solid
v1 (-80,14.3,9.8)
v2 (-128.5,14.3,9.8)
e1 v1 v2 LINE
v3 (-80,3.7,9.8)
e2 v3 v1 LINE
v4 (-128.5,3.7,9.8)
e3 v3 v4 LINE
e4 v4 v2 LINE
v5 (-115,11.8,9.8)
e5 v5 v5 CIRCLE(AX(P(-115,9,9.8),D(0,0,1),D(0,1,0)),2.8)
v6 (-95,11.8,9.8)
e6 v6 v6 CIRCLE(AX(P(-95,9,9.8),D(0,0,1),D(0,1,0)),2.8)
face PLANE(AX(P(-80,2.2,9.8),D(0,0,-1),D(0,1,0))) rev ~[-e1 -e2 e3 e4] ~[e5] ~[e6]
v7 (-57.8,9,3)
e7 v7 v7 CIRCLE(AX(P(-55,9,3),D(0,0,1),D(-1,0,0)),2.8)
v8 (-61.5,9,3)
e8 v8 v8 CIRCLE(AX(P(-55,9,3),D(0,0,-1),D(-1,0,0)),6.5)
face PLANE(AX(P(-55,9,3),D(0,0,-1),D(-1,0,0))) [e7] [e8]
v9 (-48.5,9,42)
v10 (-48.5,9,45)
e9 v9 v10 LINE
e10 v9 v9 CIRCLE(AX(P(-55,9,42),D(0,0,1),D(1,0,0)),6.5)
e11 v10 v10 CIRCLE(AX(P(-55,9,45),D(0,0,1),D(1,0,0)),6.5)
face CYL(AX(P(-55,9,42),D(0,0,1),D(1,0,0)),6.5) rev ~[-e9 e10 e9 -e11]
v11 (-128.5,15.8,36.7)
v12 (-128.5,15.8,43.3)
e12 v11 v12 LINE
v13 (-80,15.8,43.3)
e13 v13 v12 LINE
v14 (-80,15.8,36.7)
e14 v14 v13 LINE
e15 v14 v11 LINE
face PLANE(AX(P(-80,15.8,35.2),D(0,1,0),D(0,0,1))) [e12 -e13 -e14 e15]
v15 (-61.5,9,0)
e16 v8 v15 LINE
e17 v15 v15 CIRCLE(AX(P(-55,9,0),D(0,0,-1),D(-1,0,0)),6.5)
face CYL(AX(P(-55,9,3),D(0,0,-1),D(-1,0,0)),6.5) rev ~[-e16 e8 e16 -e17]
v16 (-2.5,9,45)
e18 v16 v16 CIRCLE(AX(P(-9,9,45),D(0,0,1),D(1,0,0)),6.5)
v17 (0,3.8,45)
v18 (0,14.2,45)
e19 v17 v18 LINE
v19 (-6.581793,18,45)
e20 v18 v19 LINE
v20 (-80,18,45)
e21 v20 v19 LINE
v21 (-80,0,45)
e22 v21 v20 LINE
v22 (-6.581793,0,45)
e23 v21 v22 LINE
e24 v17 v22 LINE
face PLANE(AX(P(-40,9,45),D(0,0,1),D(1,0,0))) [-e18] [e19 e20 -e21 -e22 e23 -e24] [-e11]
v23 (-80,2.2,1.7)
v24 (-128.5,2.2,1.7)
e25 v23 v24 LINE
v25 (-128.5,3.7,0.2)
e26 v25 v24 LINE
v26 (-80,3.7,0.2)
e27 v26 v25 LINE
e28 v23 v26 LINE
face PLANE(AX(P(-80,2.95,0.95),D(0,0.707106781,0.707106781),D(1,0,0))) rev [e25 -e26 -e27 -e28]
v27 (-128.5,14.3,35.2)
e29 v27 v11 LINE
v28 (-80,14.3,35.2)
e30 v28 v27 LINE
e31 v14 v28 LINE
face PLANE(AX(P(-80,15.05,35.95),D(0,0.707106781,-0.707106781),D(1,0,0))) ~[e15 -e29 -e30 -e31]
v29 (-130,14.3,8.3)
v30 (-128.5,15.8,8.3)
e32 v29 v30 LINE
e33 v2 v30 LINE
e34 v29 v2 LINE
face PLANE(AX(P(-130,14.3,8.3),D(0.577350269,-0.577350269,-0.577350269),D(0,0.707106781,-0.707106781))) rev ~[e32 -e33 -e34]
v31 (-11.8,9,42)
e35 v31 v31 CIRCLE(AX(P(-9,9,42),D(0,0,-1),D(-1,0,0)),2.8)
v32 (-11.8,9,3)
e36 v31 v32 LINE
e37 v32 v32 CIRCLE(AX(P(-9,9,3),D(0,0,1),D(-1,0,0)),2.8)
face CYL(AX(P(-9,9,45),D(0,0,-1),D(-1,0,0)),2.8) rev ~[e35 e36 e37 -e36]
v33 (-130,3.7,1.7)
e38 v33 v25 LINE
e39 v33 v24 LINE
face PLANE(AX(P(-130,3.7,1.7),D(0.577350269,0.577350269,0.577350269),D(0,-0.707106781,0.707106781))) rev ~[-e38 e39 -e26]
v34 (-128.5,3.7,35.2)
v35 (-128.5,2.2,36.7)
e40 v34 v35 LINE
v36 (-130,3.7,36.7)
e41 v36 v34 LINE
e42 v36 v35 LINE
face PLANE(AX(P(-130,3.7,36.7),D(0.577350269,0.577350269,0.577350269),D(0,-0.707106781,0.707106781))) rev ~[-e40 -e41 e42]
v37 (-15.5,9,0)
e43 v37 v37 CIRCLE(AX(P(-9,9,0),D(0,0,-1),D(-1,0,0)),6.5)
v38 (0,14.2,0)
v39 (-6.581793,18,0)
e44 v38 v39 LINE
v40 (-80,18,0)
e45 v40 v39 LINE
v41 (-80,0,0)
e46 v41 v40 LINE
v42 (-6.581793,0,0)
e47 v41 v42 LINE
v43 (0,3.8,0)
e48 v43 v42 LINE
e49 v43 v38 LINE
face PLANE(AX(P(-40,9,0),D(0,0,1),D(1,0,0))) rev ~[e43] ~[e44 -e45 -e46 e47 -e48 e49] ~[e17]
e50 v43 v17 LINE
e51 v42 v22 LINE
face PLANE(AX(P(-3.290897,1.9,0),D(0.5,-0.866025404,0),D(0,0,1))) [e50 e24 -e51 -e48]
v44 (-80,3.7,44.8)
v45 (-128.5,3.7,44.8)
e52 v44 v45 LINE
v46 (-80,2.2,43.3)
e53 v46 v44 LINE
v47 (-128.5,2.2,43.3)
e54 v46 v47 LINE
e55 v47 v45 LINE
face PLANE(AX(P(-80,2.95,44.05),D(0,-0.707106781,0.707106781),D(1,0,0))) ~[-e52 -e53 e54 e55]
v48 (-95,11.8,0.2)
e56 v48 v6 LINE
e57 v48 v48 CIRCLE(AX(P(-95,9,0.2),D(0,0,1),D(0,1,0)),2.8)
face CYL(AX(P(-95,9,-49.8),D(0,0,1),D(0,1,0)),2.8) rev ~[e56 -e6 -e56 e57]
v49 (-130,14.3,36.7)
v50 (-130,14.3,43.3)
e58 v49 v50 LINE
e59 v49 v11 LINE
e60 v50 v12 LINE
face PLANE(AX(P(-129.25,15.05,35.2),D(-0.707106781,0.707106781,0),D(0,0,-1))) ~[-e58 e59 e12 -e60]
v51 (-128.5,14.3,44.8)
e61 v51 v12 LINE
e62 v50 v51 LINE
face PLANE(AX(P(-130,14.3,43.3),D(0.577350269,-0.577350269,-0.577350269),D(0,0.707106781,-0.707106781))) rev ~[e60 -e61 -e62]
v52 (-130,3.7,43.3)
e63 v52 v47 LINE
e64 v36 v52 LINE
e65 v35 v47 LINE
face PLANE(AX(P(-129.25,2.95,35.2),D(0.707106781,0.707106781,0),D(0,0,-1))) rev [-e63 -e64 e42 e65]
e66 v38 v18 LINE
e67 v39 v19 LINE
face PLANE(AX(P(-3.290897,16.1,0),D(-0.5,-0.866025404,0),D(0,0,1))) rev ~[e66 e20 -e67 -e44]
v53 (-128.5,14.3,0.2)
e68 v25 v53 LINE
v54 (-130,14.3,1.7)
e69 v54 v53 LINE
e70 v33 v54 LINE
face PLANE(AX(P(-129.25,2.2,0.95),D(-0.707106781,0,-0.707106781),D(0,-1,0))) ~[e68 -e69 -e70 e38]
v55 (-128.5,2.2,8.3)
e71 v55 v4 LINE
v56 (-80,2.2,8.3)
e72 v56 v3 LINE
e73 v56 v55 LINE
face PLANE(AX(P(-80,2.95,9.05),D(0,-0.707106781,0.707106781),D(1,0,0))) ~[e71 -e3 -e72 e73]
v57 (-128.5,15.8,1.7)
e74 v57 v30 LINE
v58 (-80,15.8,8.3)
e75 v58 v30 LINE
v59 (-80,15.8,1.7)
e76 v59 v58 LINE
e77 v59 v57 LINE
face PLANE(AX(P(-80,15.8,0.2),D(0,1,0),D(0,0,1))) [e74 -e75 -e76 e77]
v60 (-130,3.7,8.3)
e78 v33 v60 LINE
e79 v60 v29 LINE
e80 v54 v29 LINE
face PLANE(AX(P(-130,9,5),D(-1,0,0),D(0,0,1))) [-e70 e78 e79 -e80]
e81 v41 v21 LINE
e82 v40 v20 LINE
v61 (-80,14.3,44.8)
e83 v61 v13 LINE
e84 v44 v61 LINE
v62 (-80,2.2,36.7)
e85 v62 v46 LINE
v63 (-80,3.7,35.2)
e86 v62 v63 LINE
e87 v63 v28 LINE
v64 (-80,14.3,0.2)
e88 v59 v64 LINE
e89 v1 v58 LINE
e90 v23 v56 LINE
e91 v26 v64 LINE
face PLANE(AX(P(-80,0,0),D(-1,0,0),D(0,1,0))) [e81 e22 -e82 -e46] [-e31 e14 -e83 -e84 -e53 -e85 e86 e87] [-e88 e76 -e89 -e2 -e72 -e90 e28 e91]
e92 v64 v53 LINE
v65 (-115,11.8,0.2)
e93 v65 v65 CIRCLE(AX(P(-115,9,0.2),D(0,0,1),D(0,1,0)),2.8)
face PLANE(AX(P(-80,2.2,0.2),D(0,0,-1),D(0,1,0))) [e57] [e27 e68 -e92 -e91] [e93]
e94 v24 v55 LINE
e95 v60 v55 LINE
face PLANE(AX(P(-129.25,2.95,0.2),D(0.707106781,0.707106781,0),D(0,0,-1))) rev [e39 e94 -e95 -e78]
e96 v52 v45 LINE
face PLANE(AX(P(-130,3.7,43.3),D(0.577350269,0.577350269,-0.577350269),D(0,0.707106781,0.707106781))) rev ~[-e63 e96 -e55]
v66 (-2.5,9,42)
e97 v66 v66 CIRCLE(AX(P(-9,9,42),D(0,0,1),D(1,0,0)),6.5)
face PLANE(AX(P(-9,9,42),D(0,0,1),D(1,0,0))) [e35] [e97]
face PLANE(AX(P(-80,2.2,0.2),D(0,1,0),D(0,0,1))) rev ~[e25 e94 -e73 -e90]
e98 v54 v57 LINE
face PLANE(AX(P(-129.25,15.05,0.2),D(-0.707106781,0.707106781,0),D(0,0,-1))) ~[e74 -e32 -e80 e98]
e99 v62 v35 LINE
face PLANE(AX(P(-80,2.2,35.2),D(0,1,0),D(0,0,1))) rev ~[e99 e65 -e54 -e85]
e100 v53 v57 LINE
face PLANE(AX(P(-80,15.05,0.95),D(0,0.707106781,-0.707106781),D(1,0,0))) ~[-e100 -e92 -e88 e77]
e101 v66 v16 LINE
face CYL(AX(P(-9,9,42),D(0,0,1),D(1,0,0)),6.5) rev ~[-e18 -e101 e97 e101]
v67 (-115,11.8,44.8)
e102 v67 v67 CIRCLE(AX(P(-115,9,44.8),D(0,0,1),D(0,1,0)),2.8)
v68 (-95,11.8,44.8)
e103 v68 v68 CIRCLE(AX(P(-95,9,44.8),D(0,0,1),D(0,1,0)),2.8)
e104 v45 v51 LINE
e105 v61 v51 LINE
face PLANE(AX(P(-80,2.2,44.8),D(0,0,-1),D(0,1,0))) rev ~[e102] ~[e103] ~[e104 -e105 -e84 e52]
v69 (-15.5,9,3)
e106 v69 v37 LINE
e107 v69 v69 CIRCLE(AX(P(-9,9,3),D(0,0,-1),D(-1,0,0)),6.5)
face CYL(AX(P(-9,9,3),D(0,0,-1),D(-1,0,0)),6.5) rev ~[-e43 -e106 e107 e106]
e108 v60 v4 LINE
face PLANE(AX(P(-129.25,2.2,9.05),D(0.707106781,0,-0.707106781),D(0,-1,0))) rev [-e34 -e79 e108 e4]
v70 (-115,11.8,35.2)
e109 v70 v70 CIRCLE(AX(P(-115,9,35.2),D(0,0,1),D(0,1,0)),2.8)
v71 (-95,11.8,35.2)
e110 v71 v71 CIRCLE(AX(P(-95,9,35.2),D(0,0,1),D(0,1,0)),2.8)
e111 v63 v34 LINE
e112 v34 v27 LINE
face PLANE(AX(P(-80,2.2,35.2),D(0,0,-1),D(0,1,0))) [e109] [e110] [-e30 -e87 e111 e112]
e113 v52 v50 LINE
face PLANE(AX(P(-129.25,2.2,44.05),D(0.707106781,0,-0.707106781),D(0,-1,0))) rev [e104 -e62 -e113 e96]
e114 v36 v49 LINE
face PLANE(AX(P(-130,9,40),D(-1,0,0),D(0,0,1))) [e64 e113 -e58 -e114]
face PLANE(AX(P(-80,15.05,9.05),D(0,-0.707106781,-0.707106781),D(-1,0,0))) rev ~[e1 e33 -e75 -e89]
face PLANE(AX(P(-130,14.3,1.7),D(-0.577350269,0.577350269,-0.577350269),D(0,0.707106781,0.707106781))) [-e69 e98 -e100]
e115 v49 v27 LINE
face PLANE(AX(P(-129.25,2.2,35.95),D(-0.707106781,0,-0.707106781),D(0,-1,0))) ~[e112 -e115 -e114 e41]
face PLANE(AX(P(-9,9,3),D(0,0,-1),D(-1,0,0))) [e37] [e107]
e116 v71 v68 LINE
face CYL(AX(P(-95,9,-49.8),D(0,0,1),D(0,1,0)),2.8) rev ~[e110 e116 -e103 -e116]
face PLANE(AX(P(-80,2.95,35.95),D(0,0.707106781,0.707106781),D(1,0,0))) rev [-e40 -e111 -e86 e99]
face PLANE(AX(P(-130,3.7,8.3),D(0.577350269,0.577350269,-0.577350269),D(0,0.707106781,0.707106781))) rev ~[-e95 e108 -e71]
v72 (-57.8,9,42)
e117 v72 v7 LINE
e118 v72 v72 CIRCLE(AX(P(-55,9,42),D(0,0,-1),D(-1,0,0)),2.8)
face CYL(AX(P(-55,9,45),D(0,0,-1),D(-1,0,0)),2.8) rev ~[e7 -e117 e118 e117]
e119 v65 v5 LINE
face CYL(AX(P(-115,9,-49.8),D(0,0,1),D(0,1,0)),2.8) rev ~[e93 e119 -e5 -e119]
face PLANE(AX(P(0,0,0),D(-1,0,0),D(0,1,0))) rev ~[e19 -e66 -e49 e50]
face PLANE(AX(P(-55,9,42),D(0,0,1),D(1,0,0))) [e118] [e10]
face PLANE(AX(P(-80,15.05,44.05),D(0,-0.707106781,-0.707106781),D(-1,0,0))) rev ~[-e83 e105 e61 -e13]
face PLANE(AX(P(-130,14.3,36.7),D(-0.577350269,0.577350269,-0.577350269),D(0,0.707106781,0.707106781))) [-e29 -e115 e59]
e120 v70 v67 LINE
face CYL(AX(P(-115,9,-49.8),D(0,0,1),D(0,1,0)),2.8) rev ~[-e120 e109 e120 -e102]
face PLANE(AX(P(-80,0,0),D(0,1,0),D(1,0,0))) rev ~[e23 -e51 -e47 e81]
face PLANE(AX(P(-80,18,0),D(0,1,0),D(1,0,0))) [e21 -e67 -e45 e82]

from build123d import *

# Parameters (mm, degrees)
SCHIZZO1_W                                           = 80
SCHIZZO1_H                                           = 18
ESTRUSIONE_ESTRUSIONE1_DEPTH                         = 45
SMUSSO1_SIZE                                         = 3.8
SMUSSO1_SIZE2                                        = 6.581793069
SMUSSO2_SIZE                                         = 3.8
SMUSSO2_SIZE2                                        = 6.581793069
SCHIZZO2_W                                           = 9.6
SCHIZZO2_H                                           = 13.6
ESTRUSIONE_ESTRUSIONE2_DEPTH                         = 50
SMUSSO3_SIZE                                         = 1.5
FORO_PER_VITE_M4_1_D                                 = 5.6
FORO_PER_VITE_M4_1_DEPTH                             = 50
FORO_PER_VITE_M4_1_TIP                               = 1.682409733
FORO_LAMATO_PER_BULLONE_M5_A_TESTA_ESAGO_D           = 5.6
FORO_LAMATO_PER_BULLONE_M5_A_TESTA_ESAGO_DEPTH       = 50
FORO_LAMATO_PER_BULLONE_M5_A_TESTA_ESAGO_CBORE_D     = 13
FORO_LAMATO_PER_BULLONE_M5_A_TESTA_ESAGO_CBORE_DEPTH = 3
FORO_LAMATO_PER_BULLONE_M5_A_TESTA_ESAGO_TIP         = 1.682409733
FORO_LAMATO_PER_BULLONE_M5_A_TESTA_E_2_D             = 5.6
FORO_LAMATO_PER_BULLONE_M5_A_TESTA_E_2_DEPTH         = 50
FORO_LAMATO_PER_BULLONE_M5_A_TESTA_E_2_CBORE_D       = 13
FORO_LAMATO_PER_BULLONE_M5_A_TESTA_E_2_CBORE_DEPTH   = 3
FORO_LAMATO_PER_BULLONE_M5_A_TESTA_E_2_TIP           = 1.682409733


with BuildPart() as part:
    # Schizzo1 → Estrusione-Estrusione1 (new body)
    with BuildSketch(Plane.XY):
        with Locations((-40, 9)):
            Rectangle(SCHIZZO1_W, SCHIZZO1_H)
    extrude(amount=ESTRUSIONE_ESTRUSIONE1_DEPTH)

    # Smusso1
    smusso1_edges = [part.edges().sort_by_distance(p)[0] for p in [
        (0, 18, 22.5),
    ]]
    smusso1_side = [part.faces().sort_by_distance(p)[0] for p in [
        (0, 9, 22.5),
    ]]
    chamfer(smusso1_edges, length=SMUSSO1_SIZE, length2=SMUSSO1_SIZE2, reference=smusso1_side[0])

    # Smusso2
    smusso2_edges = [part.edges().sort_by_distance(p)[0] for p in [
        (0, 0, 22.5),
    ]]
    smusso2_side = [part.faces().sort_by_distance(p)[0] for p in [
        (0, 7.1, 22.5),
    ]]
    chamfer(smusso2_edges, length=SMUSSO2_SIZE, length2=SMUSSO2_SIZE2, reference=smusso2_side[0])

    # Schizzo2 → Estrusione-Estrusione2 (add)
    with BuildSketch(Plane.ZY.offset(80)):
        with Locations((5, 9)):
            Rectangle(SCHIZZO2_W, SCHIZZO2_H)
        with Locations((40, 9)):
            Rectangle(SCHIZZO2_W, SCHIZZO2_H)
    extrude(amount=ESTRUSIONE_ESTRUSIONE2_DEPTH)

    # Smusso3
    smusso3_edges = [part.edges().sort_by_distance(p)[0] for p in [
        (-105, 15.8, 0.2),
        (-105, 2.2, 0.2),
        (-105, 2.2, 9.8),
        (-105, 15.8, 9.8),
        (-130, 9, 0.2),
        (-130, 2.2, 5),
        (-130, 9, 9.8),
        (-130, 15.8, 5),
        (-105, 15.8, 35.2),
        (-105, 2.2, 35.2),
        (-105, 2.2, 44.8),
        (-105, 15.8, 44.8),
        (-130, 9, 35.2),
        (-130, 2.2, 40),
        (-130, 9, 44.8),
        (-130, 15.8, 40),
    ]]
    chamfer(smusso3_edges, length=SMUSSO3_SIZE)

    # Foro per Vite M4-1
    with Locations(Plane(origin=(-115, 9, 0.2), x_dir=(0, -1, 0), z_dir=(0, 0, -1))):
        with Locations((0, 0), (0, -20)):
            Hole(FORO_PER_VITE_M4_1_D / 2, depth=FORO_PER_VITE_M4_1_DEPTH)
            with Locations((0, 0, -(FORO_PER_VITE_M4_1_DEPTH + FORO_PER_VITE_M4_1_TIP / 2))):  # 118° drill point
                Cone(0, FORO_PER_VITE_M4_1_D / 2, FORO_PER_VITE_M4_1_TIP, mode=Mode.SUBTRACT)

    # Foro lamato per Bullone M5 a testa esago
    with Locations(Plane.XY.offset(45)):
        with Locations((-9, 9), (-55, 9)):
            CounterBoreHole(FORO_LAMATO_PER_BULLONE_M5_A_TESTA_ESAGO_D / 2, FORO_LAMATO_PER_BULLONE_M5_A_TESTA_ESAGO_CBORE_D / 2, FORO_LAMATO_PER_BULLONE_M5_A_TESTA_ESAGO_CBORE_DEPTH, depth=FORO_LAMATO_PER_BULLONE_M5_A_TESTA_ESAGO_DEPTH)
            with Locations((0, 0, -(FORO_LAMATO_PER_BULLONE_M5_A_TESTA_ESAGO_DEPTH + FORO_LAMATO_PER_BULLONE_M5_A_TESTA_ESAGO_TIP / 2))):  # 118° drill point
                Cone(0, FORO_LAMATO_PER_BULLONE_M5_A_TESTA_ESAGO_D / 2, FORO_LAMATO_PER_BULLONE_M5_A_TESTA_ESAGO_TIP, mode=Mode.SUBTRACT)

    # Foro lamato per Bullone M5 a testa e 2
    with Locations(Plane(origin=(-9, 9, 0), x_dir=(-1, 0, 0), z_dir=(0, 0, -1))):
        with Locations((0, 0), (46, 0)):
            CounterBoreHole(FORO_LAMATO_PER_BULLONE_M5_A_TESTA_E_2_D / 2, FORO_LAMATO_PER_BULLONE_M5_A_TESTA_E_2_CBORE_D / 2, FORO_LAMATO_PER_BULLONE_M5_A_TESTA_E_2_CBORE_DEPTH, depth=FORO_LAMATO_PER_BULLONE_M5_A_TESTA_E_2_DEPTH)
            with Locations((0, 0, -(FORO_LAMATO_PER_BULLONE_M5_A_TESTA_E_2_DEPTH + FORO_LAMATO_PER_BULLONE_M5_A_TESTA_E_2_TIP / 2))):  # 118° drill point
                Cone(0, FORO_LAMATO_PER_BULLONE_M5_A_TESTA_E_2_D / 2, FORO_LAMATO_PER_BULLONE_M5_A_TESTA_E_2_TIP, mode=Mode.SUBTRACT)


solid = part.part
